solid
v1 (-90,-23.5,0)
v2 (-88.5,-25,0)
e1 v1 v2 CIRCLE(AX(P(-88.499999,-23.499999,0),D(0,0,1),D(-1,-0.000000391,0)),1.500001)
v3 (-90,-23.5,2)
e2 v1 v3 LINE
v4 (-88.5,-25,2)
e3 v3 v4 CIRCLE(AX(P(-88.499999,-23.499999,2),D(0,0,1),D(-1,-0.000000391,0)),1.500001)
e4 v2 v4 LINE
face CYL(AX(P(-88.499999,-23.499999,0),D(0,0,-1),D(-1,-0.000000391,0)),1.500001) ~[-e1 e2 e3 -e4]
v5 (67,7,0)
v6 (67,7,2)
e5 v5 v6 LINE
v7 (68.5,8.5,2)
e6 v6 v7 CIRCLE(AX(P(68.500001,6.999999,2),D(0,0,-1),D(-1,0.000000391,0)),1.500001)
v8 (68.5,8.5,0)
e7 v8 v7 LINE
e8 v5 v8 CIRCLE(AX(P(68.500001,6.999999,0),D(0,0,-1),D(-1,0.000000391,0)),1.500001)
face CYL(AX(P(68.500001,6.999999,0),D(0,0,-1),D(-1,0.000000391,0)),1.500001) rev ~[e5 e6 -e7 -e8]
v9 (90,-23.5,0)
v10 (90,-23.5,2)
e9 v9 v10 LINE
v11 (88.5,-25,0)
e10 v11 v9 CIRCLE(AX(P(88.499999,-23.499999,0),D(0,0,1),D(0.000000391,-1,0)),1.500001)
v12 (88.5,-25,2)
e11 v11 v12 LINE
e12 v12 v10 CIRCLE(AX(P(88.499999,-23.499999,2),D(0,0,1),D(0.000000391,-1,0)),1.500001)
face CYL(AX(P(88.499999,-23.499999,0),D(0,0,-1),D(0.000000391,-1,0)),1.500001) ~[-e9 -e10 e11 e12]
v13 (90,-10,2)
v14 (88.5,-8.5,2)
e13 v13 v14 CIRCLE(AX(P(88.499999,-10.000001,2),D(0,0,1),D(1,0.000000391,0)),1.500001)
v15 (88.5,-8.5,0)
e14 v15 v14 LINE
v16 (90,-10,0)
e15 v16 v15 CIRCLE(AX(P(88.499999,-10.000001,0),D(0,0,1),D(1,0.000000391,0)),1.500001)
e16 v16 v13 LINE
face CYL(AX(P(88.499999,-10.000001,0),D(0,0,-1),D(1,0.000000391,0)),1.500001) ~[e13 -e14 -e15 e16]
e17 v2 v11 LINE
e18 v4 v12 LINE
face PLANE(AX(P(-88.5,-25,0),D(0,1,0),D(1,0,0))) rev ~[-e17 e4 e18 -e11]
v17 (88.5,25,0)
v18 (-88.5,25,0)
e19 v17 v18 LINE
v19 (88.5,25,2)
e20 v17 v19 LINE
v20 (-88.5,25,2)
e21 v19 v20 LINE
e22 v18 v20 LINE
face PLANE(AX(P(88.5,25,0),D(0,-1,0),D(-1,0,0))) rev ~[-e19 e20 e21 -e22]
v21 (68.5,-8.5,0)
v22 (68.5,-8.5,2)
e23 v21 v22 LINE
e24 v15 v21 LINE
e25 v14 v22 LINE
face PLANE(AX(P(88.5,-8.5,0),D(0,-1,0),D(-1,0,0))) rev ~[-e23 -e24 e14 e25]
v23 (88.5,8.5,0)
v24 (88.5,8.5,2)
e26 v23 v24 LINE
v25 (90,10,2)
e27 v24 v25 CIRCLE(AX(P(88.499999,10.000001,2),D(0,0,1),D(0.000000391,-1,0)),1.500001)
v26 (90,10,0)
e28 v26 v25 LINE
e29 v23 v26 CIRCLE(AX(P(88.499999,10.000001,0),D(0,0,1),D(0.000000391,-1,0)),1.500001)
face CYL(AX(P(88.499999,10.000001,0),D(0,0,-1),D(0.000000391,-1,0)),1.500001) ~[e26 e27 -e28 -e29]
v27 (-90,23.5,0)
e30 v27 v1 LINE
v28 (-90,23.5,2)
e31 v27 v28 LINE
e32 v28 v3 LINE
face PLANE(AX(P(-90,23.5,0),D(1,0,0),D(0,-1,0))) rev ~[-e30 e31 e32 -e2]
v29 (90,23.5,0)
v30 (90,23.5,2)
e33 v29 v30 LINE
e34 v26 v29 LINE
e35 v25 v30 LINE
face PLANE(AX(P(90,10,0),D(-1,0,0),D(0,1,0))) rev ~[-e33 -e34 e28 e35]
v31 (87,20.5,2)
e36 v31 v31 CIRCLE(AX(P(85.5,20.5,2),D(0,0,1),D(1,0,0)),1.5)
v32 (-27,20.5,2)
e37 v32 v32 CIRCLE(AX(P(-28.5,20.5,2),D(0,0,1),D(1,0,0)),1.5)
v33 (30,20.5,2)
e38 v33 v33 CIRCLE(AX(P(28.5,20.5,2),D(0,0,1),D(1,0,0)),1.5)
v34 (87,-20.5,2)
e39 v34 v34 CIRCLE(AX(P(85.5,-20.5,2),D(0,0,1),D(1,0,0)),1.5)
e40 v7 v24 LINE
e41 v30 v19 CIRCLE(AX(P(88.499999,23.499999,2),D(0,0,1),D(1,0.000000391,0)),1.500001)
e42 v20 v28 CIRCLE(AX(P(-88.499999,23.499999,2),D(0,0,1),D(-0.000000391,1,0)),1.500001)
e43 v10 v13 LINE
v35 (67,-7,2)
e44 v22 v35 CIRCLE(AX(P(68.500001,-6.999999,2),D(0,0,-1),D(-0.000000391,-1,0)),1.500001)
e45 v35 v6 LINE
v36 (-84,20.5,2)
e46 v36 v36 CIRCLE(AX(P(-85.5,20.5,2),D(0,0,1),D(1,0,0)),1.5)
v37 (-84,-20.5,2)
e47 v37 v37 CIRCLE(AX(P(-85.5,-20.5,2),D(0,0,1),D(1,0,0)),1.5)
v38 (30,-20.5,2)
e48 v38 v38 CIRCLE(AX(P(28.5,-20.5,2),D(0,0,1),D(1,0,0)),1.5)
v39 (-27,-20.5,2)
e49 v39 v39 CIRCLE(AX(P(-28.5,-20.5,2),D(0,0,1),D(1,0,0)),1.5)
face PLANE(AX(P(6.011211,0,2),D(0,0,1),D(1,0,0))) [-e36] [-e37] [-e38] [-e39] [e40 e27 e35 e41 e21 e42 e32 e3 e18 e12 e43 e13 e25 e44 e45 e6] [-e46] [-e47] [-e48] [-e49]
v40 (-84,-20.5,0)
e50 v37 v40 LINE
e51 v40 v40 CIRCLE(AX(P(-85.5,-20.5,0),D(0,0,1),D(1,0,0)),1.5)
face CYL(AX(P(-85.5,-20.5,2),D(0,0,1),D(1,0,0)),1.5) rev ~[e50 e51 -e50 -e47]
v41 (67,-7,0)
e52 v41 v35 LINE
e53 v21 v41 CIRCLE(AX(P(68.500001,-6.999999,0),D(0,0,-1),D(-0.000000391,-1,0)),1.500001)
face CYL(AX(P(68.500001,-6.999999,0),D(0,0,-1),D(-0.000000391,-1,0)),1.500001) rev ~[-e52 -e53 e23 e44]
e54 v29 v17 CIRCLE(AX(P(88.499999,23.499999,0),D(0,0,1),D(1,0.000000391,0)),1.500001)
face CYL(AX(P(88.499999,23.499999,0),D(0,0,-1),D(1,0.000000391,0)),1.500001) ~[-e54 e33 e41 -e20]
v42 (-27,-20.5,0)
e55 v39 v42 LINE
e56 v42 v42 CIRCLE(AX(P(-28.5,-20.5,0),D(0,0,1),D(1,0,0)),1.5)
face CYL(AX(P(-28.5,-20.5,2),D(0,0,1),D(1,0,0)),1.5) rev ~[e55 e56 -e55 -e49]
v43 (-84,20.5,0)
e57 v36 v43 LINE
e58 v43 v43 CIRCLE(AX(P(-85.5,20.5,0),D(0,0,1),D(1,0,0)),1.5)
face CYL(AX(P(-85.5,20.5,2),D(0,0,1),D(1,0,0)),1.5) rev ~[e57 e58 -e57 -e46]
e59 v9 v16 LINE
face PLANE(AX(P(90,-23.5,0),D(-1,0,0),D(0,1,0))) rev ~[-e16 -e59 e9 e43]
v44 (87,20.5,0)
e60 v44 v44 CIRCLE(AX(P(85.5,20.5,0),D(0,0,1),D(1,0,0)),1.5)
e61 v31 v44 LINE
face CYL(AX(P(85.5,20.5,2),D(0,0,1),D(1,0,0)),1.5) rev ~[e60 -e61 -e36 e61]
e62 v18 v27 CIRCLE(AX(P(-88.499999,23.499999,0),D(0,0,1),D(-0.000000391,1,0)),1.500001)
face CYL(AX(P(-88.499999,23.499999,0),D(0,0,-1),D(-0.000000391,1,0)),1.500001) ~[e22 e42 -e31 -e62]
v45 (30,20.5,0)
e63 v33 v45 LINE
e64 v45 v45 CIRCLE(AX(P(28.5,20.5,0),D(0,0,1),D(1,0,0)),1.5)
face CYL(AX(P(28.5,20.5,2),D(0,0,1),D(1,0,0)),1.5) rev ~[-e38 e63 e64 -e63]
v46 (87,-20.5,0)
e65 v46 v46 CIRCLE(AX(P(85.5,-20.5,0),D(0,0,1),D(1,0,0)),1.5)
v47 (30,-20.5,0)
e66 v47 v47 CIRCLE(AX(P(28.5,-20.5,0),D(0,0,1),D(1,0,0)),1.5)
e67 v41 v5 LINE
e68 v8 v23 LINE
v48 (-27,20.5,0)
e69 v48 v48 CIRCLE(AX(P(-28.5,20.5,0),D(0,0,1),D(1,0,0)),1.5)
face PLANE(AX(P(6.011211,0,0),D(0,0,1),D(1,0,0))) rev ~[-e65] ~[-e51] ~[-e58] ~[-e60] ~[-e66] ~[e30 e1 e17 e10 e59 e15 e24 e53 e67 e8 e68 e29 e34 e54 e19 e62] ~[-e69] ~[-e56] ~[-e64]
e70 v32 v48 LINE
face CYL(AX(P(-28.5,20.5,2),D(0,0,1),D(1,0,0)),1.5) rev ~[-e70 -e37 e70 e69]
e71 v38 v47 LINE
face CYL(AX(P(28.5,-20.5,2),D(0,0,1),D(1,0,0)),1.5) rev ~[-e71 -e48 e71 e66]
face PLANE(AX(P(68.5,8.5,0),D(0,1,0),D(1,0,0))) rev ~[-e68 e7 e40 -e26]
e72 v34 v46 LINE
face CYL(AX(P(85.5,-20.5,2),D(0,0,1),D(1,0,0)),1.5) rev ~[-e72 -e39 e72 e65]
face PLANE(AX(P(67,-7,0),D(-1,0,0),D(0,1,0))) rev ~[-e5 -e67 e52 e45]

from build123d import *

# Parameters (mm, degrees)
F1_DEPTH = 2
F2_R     = 1.5
F3_DEPTH = 2.001


with BuildPart() as f1:
    # F0 (on Top) → F1 (new body)
    with BuildSketch(Plane.XY):
        with BuildLine():
            Line((88.5, 25), (-88.5, 25))
            ThreePointArc((-88.5, 25), (-89.56066, 24.56066), (-90, 23.5))
            Line((-90, 23.5), (-90, -23.5))
            ThreePointArc((-90, -23.5), (-89.56066, -24.56066), (-88.5, -25))
            Line((-88.5, -25), (88.5, -25))
            ThreePointArc((88.5, -25), (89.56066, -24.56066), (90, -23.5))
            Line((90, -23.5), (90, -10))
            ThreePointArc((90, -10), (89.56066, -8.93934), (88.5, -8.5))
            Line((88.5, -8.5), (68.5, -8.5))
            ThreePointArc((68.5, -8.5), (67.43934, -8.06066), (67, -7))
            Line((67, -7), (67, 7))
            ThreePointArc((67, 7), (67.43934, 8.06066), (68.5, 8.5))
            Line((68.5, 8.5), (88.5, 8.5))
            ThreePointArc((88.5, 8.5), (89.56066, 8.93934), (90, 10))
            Line((90, 10), (90, 23.5))
            ThreePointArc((90, 23.5), (89.56066, 24.56066), (88.5, 25))
        make_face()
    extrude(amount=F1_DEPTH)

    # F2 (on face) → F3 (cut, through all)
    with BuildSketch(Plane.XY.offset(2)):
        with Locations((-85.5, 20.5)):
            Circle(F2_R)
        with Locations((-85.5, -20.5)):
            Circle(F2_R)
        with Locations((-28.5, -20.5)):
            Circle(F2_R)
        with Locations((-28.5, 20.5)):
            Circle(F2_R)
        with Locations((28.5, -20.5)):
            Circle(F2_R)
        with Locations((28.5, 20.5)):
            Circle(F2_R)
        with Locations((85.5, -20.5)):
            Circle(F2_R)
        with Locations((85.5, 20.5)):
            Circle(F2_R)
    extrude(amount=-F3_DEPTH, mode=Mode.SUBTRACT)


solid = f1.part
